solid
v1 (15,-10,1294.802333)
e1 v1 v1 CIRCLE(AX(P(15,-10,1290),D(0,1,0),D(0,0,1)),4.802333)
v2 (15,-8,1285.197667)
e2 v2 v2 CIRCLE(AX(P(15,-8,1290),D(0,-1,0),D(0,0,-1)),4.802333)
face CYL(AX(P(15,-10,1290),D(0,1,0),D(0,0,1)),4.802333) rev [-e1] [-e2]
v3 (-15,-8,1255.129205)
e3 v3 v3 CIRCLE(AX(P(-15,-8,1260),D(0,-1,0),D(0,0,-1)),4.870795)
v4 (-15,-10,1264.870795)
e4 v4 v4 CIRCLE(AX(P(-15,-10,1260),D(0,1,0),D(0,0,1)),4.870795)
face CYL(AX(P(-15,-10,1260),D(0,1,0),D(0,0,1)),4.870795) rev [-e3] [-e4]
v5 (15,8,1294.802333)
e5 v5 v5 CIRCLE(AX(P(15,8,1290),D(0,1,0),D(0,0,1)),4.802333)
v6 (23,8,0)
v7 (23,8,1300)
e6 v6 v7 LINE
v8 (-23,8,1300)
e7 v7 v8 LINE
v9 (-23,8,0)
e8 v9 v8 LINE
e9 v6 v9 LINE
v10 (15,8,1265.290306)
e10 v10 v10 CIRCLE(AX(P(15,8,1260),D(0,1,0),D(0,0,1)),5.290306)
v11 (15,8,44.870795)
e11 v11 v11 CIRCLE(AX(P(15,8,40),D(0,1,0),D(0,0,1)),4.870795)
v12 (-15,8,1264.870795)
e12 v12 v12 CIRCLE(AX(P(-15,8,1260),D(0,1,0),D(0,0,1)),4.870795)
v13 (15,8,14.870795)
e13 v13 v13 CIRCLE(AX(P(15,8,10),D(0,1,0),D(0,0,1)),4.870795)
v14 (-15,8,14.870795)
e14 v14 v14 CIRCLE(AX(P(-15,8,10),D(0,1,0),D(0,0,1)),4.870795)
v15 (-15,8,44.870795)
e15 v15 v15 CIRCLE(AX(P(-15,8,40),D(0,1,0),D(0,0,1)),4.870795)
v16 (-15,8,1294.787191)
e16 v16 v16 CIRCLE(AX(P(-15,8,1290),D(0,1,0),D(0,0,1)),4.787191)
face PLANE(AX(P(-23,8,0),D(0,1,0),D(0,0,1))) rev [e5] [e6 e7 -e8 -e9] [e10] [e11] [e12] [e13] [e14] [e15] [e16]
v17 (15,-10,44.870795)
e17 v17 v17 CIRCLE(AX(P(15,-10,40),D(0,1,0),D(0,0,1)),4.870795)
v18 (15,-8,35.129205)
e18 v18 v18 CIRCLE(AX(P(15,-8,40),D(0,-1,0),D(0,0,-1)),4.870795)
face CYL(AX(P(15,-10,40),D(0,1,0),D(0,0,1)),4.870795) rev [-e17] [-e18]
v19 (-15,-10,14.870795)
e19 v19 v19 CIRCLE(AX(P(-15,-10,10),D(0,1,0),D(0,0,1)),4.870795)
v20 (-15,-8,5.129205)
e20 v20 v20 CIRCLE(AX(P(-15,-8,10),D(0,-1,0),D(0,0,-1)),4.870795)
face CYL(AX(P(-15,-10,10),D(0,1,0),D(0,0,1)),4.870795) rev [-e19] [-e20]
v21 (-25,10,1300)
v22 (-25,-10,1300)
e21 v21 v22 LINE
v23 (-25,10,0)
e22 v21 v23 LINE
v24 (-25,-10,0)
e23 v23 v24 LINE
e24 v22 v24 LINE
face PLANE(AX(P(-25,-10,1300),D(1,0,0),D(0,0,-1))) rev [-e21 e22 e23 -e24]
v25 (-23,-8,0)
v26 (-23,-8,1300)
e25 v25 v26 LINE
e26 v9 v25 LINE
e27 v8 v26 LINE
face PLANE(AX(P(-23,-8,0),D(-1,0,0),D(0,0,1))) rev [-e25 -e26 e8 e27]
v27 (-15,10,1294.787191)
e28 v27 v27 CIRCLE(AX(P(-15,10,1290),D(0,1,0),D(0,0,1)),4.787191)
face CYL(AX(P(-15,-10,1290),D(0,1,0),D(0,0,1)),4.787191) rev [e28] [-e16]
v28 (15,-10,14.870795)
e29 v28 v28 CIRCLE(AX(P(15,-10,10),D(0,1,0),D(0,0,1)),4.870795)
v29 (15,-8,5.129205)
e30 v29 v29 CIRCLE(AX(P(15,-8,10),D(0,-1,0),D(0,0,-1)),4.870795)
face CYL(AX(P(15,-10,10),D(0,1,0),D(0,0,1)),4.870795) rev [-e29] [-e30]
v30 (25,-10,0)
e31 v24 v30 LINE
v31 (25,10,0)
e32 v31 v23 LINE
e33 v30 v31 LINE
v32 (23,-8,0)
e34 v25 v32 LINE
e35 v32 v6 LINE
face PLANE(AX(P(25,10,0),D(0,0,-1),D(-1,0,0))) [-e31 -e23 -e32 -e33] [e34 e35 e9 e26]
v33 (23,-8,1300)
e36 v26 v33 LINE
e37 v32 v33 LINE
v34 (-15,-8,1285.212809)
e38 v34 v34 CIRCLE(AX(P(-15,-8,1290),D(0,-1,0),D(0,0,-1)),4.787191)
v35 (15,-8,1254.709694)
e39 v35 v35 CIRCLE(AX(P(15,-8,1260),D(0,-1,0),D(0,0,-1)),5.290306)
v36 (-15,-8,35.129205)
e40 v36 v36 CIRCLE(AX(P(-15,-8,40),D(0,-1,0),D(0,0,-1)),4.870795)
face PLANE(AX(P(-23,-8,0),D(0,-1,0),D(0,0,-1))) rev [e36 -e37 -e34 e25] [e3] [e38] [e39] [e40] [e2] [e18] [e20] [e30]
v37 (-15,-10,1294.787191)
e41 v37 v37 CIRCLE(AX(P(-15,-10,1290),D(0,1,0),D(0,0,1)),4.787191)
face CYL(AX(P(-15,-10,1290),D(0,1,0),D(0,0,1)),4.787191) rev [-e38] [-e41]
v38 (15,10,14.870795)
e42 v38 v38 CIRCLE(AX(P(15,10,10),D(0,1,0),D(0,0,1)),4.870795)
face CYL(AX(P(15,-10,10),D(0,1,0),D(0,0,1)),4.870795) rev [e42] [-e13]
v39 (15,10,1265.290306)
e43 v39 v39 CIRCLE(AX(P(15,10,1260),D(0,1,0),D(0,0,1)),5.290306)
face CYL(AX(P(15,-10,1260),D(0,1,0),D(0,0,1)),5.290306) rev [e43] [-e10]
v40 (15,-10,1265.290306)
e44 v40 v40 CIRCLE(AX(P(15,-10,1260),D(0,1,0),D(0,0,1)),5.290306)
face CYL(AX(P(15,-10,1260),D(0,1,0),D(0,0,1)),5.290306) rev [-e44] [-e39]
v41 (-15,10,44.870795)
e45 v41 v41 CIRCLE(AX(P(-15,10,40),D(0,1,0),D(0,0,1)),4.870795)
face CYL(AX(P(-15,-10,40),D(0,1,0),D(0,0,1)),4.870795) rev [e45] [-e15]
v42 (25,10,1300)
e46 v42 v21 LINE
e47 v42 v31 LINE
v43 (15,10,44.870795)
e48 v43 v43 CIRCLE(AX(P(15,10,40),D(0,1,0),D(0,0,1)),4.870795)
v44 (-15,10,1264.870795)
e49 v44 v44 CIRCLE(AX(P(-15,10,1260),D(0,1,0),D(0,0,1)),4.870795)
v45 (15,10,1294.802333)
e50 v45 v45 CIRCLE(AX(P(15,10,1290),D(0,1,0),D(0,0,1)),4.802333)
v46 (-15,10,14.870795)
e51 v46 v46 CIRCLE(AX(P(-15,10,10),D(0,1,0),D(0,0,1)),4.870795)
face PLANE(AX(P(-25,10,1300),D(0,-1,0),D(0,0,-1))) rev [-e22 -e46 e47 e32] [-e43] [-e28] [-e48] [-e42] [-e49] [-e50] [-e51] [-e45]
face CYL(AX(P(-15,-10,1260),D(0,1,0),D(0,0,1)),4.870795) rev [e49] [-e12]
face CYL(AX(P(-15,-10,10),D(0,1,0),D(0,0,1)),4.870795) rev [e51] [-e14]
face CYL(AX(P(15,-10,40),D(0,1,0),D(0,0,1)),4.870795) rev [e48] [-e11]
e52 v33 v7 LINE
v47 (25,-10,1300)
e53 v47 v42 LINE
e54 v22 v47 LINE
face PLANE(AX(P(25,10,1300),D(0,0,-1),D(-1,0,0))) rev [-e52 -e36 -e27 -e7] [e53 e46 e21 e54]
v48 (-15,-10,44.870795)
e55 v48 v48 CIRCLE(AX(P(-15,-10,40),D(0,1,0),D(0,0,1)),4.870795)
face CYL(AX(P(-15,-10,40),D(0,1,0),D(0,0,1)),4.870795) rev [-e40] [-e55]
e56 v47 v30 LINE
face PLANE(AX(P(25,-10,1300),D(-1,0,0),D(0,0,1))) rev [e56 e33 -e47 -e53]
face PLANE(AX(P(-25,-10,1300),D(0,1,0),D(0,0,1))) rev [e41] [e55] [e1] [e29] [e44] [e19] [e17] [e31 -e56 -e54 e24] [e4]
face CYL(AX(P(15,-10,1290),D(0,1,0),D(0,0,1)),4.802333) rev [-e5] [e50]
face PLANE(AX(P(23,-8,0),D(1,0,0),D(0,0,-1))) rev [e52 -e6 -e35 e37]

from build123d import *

# Parameters (mm, degrees)
SKETCH_1_W          = 50
SKETCH_1_H          = 20
EXTRUDE_1_DEPTH     = 1300
SKETCH_2_W          = 46
SKETCH_2_H          = 16
CUT_EXTRUDE_1_DEPTH = 1301.278816254
SKETCH_3_R          = 4.80233269
SKETCH_3_R_2        = 4.787191165
SKETCH_3_R_3        = 5.290306375
SKETCH_3_R_4        = 4.870795403
CUT_EXTRUDE_2_DEPTH = 1301.394171011


with BuildPart() as part:
    # Эскиз1 → Бобышка-Вытянуть1 (new body)
    with BuildSketch(Plane.XY):
        Rectangle(SKETCH_1_W, SKETCH_1_H)
    extrude(amount=EXTRUDE_1_DEPTH)

    # Эскиз2 → Вырез-Вытянуть1 (cut, through all)
    with BuildSketch(Plane.XY.offset(1300)):
        Rectangle(SKETCH_2_W, SKETCH_2_H)
    extrude(amount=-CUT_EXTRUDE_1_DEPTH, mode=Mode.SUBTRACT)

    # Эскиз3 → Вырез-Вытянуть2 (cut, through all)
    with BuildSketch(Plane(origin=(0, 10, 0), x_dir=(1, 0, 0), z_dir=(0, 1, 0))):
        with Locations((15, -1290)):
            Circle(SKETCH_3_R)
        with Locations((-15, -1290)):
            Circle(SKETCH_3_R_2)
        with Locations((15, -1260)):
            Circle(SKETCH_3_R_3)
        with Locations((-15, -1260)):
            Circle(SKETCH_3_R_4)
        with Locations((15, -10)):
            Circle(SKETCH_3_R_4)
        with Locations((-15, -10)):
            Circle(SKETCH_3_R_4)
        with Locations((15, -40)):
            Circle(SKETCH_3_R_4)
        with Locations((-15, -40)):
            Circle(SKETCH_3_R_4)
    extrude(amount=-CUT_EXTRUDE_2_DEPTH, mode=Mode.SUBTRACT)


solid = part.part
